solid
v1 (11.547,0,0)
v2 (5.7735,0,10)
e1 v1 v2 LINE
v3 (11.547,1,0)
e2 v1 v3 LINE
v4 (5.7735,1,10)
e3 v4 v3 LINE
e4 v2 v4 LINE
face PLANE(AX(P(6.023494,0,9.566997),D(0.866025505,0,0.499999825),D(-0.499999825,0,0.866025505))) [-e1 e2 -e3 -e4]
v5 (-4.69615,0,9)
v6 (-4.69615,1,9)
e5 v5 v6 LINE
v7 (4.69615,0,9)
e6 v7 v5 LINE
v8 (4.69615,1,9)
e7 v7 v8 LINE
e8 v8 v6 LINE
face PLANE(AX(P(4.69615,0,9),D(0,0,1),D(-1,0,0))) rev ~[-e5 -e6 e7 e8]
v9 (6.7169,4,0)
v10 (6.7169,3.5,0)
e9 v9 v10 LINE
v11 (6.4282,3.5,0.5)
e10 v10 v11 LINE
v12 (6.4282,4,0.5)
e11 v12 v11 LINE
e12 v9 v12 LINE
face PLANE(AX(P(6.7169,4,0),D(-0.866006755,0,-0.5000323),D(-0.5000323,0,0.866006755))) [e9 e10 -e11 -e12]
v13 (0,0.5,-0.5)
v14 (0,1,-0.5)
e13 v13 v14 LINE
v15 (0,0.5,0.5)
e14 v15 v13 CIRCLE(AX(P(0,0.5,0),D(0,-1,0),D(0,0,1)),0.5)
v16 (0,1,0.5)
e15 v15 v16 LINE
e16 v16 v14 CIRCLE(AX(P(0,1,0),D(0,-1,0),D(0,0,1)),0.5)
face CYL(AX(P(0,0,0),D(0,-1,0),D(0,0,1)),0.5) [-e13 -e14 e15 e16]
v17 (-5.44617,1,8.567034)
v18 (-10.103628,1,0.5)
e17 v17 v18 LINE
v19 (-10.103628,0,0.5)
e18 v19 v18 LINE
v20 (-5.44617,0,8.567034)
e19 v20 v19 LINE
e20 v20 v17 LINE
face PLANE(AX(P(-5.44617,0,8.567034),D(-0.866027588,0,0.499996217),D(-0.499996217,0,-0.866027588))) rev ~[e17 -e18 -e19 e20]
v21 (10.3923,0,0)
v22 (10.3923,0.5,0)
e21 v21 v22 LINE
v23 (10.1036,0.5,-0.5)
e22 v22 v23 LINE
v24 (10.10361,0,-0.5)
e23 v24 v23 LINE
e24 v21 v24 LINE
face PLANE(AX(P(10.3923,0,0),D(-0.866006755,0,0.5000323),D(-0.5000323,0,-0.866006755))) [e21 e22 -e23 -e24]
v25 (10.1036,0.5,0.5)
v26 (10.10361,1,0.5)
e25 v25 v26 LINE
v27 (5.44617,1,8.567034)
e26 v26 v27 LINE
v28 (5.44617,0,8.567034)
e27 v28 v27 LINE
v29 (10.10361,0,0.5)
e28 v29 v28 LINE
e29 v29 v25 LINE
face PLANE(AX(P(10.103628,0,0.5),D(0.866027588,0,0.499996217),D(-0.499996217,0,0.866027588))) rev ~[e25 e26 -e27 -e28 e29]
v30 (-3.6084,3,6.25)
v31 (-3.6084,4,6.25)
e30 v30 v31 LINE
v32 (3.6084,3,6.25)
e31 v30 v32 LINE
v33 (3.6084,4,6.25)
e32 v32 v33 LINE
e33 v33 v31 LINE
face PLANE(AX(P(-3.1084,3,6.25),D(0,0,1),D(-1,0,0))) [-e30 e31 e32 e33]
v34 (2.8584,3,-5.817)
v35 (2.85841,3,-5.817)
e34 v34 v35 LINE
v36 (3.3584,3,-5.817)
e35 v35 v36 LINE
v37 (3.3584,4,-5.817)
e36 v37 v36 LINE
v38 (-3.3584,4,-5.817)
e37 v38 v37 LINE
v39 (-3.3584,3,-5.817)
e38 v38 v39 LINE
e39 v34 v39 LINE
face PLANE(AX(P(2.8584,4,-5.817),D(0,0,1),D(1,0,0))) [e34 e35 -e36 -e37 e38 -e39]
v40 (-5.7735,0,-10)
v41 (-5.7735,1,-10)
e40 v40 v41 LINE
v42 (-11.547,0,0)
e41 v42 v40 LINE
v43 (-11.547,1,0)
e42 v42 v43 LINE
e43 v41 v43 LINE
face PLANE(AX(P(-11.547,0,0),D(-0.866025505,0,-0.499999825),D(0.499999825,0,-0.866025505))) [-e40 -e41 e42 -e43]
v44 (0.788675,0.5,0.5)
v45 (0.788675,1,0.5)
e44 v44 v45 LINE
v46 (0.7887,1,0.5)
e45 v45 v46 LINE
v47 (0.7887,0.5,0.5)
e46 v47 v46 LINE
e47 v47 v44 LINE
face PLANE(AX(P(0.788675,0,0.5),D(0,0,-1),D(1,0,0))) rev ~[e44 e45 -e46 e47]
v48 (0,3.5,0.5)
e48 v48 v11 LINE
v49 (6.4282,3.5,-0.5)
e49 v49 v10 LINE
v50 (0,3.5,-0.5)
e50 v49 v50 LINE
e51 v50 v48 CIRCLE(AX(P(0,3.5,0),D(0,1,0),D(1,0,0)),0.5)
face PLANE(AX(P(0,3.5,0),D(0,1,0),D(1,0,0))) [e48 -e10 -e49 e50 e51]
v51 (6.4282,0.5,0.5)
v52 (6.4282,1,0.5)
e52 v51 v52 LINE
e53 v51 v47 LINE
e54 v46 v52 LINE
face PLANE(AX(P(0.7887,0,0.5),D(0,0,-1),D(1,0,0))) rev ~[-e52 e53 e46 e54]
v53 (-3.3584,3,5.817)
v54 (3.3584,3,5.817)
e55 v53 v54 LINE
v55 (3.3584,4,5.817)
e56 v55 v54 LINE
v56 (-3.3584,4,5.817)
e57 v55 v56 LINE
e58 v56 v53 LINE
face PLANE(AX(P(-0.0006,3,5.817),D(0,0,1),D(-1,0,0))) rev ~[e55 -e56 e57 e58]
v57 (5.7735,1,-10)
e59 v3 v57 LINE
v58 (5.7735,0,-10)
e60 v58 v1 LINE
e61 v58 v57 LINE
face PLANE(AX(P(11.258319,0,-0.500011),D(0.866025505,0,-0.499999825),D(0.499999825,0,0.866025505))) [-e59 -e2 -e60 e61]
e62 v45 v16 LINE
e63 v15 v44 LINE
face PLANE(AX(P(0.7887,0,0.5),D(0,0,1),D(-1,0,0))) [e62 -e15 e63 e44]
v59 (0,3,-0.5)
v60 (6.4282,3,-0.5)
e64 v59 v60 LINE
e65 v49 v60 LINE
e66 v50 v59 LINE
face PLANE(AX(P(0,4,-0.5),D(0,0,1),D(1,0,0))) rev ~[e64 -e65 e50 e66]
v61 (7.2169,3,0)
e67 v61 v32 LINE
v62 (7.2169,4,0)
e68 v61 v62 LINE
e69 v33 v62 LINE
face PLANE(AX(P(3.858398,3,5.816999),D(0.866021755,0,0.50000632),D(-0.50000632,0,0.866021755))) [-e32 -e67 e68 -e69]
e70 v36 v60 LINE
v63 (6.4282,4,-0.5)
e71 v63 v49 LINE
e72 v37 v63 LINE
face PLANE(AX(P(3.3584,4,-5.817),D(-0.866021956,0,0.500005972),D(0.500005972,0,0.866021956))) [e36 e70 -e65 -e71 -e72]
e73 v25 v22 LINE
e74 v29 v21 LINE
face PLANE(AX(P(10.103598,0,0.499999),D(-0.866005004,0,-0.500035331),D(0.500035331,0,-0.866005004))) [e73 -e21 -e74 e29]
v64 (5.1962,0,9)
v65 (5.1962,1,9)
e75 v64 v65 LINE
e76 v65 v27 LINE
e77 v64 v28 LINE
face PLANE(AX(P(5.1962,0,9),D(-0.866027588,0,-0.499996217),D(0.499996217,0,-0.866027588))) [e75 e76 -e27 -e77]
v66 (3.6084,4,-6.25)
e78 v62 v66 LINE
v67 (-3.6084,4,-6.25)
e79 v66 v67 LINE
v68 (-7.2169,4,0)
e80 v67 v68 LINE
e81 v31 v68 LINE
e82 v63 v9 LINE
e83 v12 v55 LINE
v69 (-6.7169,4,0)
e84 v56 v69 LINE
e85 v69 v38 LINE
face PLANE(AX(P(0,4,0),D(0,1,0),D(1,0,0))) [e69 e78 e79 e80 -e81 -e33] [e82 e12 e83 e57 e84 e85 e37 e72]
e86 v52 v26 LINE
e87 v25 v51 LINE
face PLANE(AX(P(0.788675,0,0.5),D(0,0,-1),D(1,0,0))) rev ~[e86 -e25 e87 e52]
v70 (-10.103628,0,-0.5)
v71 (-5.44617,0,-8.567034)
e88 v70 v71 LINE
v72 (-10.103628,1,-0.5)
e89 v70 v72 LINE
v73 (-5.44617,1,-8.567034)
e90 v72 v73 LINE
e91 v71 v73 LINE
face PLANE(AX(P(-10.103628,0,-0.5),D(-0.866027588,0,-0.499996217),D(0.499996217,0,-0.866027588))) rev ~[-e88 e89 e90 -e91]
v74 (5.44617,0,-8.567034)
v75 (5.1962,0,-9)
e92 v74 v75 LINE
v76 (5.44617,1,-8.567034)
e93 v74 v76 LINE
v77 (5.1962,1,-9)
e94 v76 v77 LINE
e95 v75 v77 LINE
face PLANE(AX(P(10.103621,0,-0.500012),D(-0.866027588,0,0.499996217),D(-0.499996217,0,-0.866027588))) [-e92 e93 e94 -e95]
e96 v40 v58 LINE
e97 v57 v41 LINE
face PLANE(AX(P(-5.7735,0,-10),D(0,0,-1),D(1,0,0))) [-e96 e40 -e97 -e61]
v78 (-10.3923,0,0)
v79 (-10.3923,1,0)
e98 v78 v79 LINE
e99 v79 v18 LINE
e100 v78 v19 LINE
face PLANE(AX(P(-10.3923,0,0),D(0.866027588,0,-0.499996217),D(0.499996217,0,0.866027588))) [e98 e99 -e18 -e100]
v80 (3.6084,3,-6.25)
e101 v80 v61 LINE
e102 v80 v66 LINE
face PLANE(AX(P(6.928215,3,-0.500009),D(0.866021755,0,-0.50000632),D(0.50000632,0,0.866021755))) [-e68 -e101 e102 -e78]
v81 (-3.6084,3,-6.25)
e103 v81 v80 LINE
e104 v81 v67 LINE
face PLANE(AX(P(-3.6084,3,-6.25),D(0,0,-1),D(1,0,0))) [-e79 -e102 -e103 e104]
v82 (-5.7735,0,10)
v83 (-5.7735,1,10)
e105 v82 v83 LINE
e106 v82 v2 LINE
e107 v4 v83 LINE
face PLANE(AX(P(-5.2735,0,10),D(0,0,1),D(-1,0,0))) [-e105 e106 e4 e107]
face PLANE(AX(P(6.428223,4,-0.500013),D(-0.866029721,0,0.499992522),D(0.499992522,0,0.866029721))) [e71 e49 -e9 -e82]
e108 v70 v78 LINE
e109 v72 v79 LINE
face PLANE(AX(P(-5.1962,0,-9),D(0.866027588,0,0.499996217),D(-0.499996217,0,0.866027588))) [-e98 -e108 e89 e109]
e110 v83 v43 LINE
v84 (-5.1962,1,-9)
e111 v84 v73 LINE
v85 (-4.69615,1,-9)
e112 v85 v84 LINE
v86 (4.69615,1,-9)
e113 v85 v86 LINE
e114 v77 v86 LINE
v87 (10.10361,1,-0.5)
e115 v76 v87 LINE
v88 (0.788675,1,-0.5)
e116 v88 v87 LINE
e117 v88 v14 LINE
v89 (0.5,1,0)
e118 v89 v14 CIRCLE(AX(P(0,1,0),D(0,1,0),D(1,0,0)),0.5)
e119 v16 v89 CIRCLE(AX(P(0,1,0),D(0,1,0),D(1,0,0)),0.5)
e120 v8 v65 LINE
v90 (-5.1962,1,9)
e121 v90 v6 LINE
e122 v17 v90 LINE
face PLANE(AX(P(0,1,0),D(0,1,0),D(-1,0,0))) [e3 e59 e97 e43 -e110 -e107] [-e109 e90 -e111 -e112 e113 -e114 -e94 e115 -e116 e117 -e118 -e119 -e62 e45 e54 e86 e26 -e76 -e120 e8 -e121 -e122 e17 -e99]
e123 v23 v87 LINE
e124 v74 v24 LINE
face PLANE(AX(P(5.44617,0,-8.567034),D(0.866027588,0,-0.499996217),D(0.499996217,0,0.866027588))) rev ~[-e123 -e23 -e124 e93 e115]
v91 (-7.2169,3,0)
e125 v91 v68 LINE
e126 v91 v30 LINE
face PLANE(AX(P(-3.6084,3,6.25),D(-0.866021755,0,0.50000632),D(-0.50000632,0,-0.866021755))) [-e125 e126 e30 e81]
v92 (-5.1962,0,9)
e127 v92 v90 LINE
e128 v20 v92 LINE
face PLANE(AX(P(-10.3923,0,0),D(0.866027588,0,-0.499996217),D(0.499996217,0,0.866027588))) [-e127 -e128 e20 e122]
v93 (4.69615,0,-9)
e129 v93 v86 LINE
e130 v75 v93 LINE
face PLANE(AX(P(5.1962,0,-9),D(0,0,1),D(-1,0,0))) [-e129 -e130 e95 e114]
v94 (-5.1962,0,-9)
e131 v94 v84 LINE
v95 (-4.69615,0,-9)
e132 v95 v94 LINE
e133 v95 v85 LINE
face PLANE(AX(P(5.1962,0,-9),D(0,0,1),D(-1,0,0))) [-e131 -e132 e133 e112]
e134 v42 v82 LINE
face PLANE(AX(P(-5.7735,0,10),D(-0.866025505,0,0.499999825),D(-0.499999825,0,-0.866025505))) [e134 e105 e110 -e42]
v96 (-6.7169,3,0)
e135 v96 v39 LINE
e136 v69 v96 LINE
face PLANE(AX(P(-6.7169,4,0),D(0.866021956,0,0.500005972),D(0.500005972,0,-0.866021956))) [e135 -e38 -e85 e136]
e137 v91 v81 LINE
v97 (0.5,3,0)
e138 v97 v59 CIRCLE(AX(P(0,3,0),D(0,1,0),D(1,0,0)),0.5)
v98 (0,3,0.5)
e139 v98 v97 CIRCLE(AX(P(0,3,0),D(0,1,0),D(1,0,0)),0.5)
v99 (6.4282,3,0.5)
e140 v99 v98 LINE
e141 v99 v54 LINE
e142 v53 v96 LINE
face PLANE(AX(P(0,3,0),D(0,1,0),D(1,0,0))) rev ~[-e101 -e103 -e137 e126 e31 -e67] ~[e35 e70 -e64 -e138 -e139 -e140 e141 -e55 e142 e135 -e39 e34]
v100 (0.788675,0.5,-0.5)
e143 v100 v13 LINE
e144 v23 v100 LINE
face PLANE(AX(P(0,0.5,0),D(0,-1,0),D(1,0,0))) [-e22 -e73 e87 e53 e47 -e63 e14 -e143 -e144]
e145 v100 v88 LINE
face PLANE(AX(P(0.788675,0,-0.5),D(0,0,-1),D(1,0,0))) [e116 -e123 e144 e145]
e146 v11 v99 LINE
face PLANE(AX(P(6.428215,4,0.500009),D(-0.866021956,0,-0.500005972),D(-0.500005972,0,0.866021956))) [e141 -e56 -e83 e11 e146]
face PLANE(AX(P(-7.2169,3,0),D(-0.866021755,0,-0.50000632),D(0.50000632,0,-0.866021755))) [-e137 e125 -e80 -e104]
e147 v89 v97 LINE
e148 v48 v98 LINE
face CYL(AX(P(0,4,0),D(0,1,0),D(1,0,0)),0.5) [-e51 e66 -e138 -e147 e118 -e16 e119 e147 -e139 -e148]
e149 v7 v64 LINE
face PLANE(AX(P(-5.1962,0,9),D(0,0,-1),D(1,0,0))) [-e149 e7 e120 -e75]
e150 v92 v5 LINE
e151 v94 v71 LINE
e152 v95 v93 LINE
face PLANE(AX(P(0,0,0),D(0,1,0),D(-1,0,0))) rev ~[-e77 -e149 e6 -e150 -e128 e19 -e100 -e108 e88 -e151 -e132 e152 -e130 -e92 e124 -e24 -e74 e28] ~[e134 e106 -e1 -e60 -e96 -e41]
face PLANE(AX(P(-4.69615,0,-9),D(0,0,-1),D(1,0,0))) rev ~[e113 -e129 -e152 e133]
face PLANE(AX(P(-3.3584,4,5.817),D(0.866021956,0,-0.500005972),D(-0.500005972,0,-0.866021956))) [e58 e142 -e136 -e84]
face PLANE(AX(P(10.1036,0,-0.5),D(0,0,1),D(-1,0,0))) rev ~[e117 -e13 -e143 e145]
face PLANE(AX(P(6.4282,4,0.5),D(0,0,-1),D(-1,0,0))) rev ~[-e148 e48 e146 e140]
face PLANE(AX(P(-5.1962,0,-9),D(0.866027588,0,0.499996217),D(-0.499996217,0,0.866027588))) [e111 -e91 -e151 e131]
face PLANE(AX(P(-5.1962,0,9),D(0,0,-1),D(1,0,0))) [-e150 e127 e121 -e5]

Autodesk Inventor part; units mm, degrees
ref_plane "YZ Plane" through (0, 0, 0) normal (1, 0, 0) x (0, 1, 0)
ref_plane "XZ Plane" through (0, 0, 0) normal (0, 1, 0) x (-1, 0, 0)
ref_plane "XY Plane" through (0, 0, 0) normal (0, 0, 1) x (1, 0, 0)
sketch "Sketch1" plane through (0, 0, 0) normal (0, 1, 0) x (-1, 0, 0)
  line L0 (5.7735, 10) -> (11.547, 0)
  line L1 (11.547, 0) -> (5.7735, -10)
  line L2 (5.7735, -10) -> (-5.7735, -10)
  line L3 (-5.7735, -10) -> (-11.547, 0)
  line L4 (-11.547, 0) -> (-5.7735, 10)
  line L5 (-5.7735, 10) -> (5.7735, 10)
  line L6 (10.3923, 0) -> (5.1962, -9)
  line L7 (5.1962, -9) -> (-5.1962, -9)
  line L8 (-5.1962, -9) -> (-10.3923, 0)
  line L9 (-10.3923, 0) -> (-5.1962, 9)
  line L10 (-5.1962, 9) -> (5.1962, 9)
  line L11 (5.1962, 9) -> (10.3923, 0)
  line L12 (0, 0.5) -> (11.2583, 0.5)
  line L13 (0, 0) -> (5.7735, 10)
  line L14 (0, 0) -> (-5.7735, 10)
  line L15 (11.547, 0) -> (-11.547, 0)
  line L16 (0, 0.5) -> (-11.2583, 0.5)
  line L17 (-0.5, 0) -> (-6.0235, 9.567)
  line L18 (0.5, 0) -> (-5.2735, 10)
  line L19 (-0.5, 0) -> (5.2735, 10)
  line L20 (-0.5, 0) -> (11.047, 0) construction
  line L21 (0.5, 0) -> (6.0235, 9.567)
  line L22 (0, -0.5) -> (11.2583, -0.5)
  line L23 (0, 0) -> (5.7735, -10)
  line L24 (0, 0) -> (-5.7735, -10)
  line L25 (0, -0.5) -> (-11.2583, -0.5)
  line L26 (-0.5, 0) -> (-6.0235, -9.567)
  line L27 (0.5, 0) -> (-5.2735, -10)
  line L28 (-0.5, 0) -> (5.2735, -10)
  line L29 (0.5, 0) -> (6.0235, -9.567)
  point P0 (-10.1036, 0.5)
  point P1 (-5.4462, 8.567)
  point P2 (-0.7887, 0.5)
  point P3 (10.1036, 0.5)
  point P4 (0.7887, 0.5)
  point P5 (5.4462, 8.567)
  point P6 (4.6962, -9)
  point P7 (-4.6962, -9)
  point P8 (0, -0.866)
  point P9 (-5.4462, -8.567)
  point P10 (-10.1036, -0.5)
  point P11 (-0.7887, -0.5)
  point P12 (10.1036, -0.5)
  point P13 (5.4462, -8.567)
  point P14 (0.7887, -0.5)
  point P15 (-4.6962, 9)
  point P16 (4.6962, 9)
  point P17 (0, 0.866)
  dimension "d0" = 20
  dimension "d1" = 18
  dimension "d2" = 60
extrude "Extrusion1" add sketch "Sketch1" along normal blind 1 contours L13 L10 L19 L5 | L0 L21 L11 L13 | L0 L12 L11 L21 | L19 L10 L18 L5 | L13 L12 L18 L19 L10 | L11 L21 L12 L13 | L0 L15 L11 L12 | L18 L10 L14 L5 | L13 L18 L12 | L12 L21 L18 L13 | L1 L22 L6 L15 | L11 L15 L21 L12 | L14 L9 L17 L4 | L18 L19 L16 L14 L10 | L18 L12 L16 L19 | L18 L13 L14 L19 L16 L12 | L18 L15 L13 | L1 L29 L6 L22 | L6 L22 L29 L15 | L27 L23 L15 | L29 L22 L23 L27 | L17 L9 L16 L4 | L14 L16 L17 L9 | L19 L14 L16 | L15 L19 L14 | L24 L28 L15 | L23 L27 L22 L25 L28 L24 | L1 L23 L6 L29 | L23 L22 L27 | L29 L6 L23 L22 | L16 L9 L15 L4 | L14 L19 L17 L16 | L26 L25 L8 L15 | L15 L9 L16 L17 | L28 L24 L25 L26 | L28 L25 L24 | L2 L28 L7 L23 | L23 L7 L28 L27 L22 | L27 L28 L25 L22 | L15 L8 L25 L3 | L25 L24 L8 L26 | L25 L28 L27 L7 L24 | L2 L27 L7 L28 | L25 L8 L26 L3 | L8 L24 L3 L26 | L7 L27 L2 L24
sketch "Sketch2" plane through (0, 1, 0) normal (0, 1, 0) x (1, 0, 0)
  circle A0 centre (0, 0) radius 0.5
  dimension "d5" = 1
extrude "Extrusion2" add sketch "Sketch2" along normal blind 2
sketch "Sketch3" plane through (0, 3, 0) normal (0, 1, 0) x (1, 0, 0)
  line L0 (-3.6084, -6.25) -> (-7.2169, 0)
  line L1 (-7.2169, 0) -> (-3.6084, 6.25)
  line L2 (-3.6084, 6.25) -> (3.6084, 6.25)
  line L3 (3.6084, 6.25) -> (7.2169, 0)
  line L4 (7.2169, 0) -> (3.6084, -6.25)
  line L5 (3.6084, -6.25) -> (-3.6084, -6.25)
  line L6 (-0.7887, -0.5) -> (-5.4462, -8.567) projected
  line L7 (-3.8584, -5.817) -> (3.1084, 6.25)
  line L8 (-5.4462, 8.567) -> (-0.7887, 0.5) projected
  line L9 (-3.8584, 5.817) -> (3.1084, -6.25)
  line L10 (-0.7887, 0.5) -> (-10.1036, 0.5) projected
  line L11 (-6.9282, 0.5) -> (6.9282, 0.5)
  line L12 (-10.1036, -0.5) -> (-0.7887, -0.5) projected
  line L13 (-6.9282, -0.5) -> (6.9282, -0.5)
  line L14 (0.7887, -0.5) -> (10.1036, -0.5) projected
  line L15 (-4.6962, -9) -> (0, -0.866) projected
  line L16 (-3.1084, -6.25) -> (3.8584, 5.817)
  line L17 (0, 0.866) -> (-4.6962, 9) projected
  line L18 (-3.1084, 6.25) -> (3.8584, -5.817)
  line L19 (-0.0006, -5.817) -> (3.8584, -5.817)
  line L20 (-0.0006, -5.817) -> (-3.8584, -5.817)
  line L21 (3.1084, -6.25) -> (6.9282, 0.5)
  line L22 (-3.1084, -6.25) -> (-6.9282, 0.5)
  line L23 (-7.2169, 0) -> (7.2169, 0)
  line L24 (-0.0006, 5.817) -> (3.8584, 5.817)
  line L25 (-0.0006, 5.817) -> (-3.8584, 5.817)
  line L26 (3.1084, 6.25) -> (6.9282, -0.5)
  line L27 (-3.1084, 6.25) -> (-6.9282, -0.5)
  point P0 (0, 0)
  point P1 (0, 0)
  point P2 (-2.8584, 5.817)
  point P3 (2.8584, 5.817)
  point P4 (-6.3623, 0.5)
  point P5 (-3.6034, 5.3753)
  point P6 (2.8584, -5.817)
  point P7 (-2.8584, -5.817)
  point P8 (-3.6034, -5.3753)
  point P9 (-6.3623, -0.5)
  point P10 (3.6034, -5.3753)
  point P11 (6.3623, -0.5)
  point P12 (6.3623, 0.5)
  point P13 (0.7887, 0.5)
  point P14 (3.6034, 5.3753)
  dimension "d8" = 12.5
extrude "Extrusion3" add sketch "Sketch3" along normal blind 1 contours L0 L20 L22 L5 | L0 L12 L22 L6 | L6 L22 L20 | L15 L20 L19 L9 L5 | L22 L20 L15 | L27 L22 L12 | L0 L23 L27 | L6 L13 L9 L15 L20 L22 | L21 L19 L4 L5 | L9 L19 L21 | L1 L22 L23 | L22 L23 L7 L12 | L27 L10 L9 L23 | L22 L10 L27 | L7 L9 L13 | L9 L16 L13 L18 L21 L19 | L21 L18 L19 | L9 L13 L16 | L1 L8 L27 L10 | L9 L11 L7 | L23 L16 L13 L9 | L7 L11 L18 L23 | L18 L21 L13 L4 | L16 L18 L13 | L25 L27 L8 | L1 L2 L27 L25 | L11 L8 L27 L25 L17 L7 | L7 L18 L11 | L18 L11 L16 | L23 L21 L13 L18 | L16 L11 L26 L23 | L26 L23 L4 | L13 L21 L26 | L27 L17 L25 | L7 L24 L26 L16 L11 L18 | L26 L11 L21 | L21 L3 L23 | L2 L7 L24 L25 L17 | L7 L26 L24 | L26 L16 L3 L11 | L26 L24 L16 | L2 L3 L24 L26
sketch "Sketch4" plane through (0, 4, 0) normal (0, 1, 0) x (1, 0, 0)
  line L0 (-2.8584, 5.817) -> (2.8584, 5.817) projected
  line L1 (3.3584, 5.817) -> (6.7169, 0)
  line L2 (6.7169, 0) -> (3.3584, -5.817)
  line L3 (3.3584, -5.817) -> (-3.3584, -5.817)
  line L4 (-3.3584, -5.817) -> (-6.7169, 0)
  line L5 (-6.7169, 0) -> (-3.3584, 5.817)
  line L6 (-3.3584, 5.817) -> (3.3584, 5.817)
  circle A0 centre (0, 0) radius 0.5 projected
  line L7 (0, 0.5) -> (6.4282, 0.5)
  line L8 (6.4282, -0.5) -> (0, -0.5)
  arc A1 (0, 0.5) -> (0, -0.5) centre (0, 0) ccw
  point P0 (0, 5.817)
extrude "Extrusion4" cut sketch "Sketch4" against normal blind 1 contours L0 L6 L1 L7 A0 L8 L2 L3 L4 L5
sketch "Sketch5" plane through (0, 4, 0) normal (0, 1, 0) x (1, 0, 0)
  line L0 (3.3584, 5.817) -> (6.4282, 0.5) projected
  line L1 (6.2201, 0.8605) -> (6.7169, 0)
  line L2 (0, -0.5) -> (6.4282, -0.5) projected
  line L3 (6.7169, 0) -> (6.4282, -0.5)
  line L4 (6.4282, -0.5) -> (0, -0.5)
  circle A0 centre (0, 0) radius 0.5 projected
  arc A1 (0, 0.5) -> (0, -0.5) centre (0, 0) ccw
  line L5 (0, 0.5) -> (6.2201, 0.8605)
extrude "Extrusion5" cut sketch "Sketch5" against normal blind 0.5
sketch "Sketch6" plane through (0, 0, 0) normal (0, -1, 0) x (1, 0, 0)
  line L0 (10.3923, 0) -> (5.1962, -9)
  line L1 (5.1962, -9) -> (-5.1962, -9)
  line L2 (-5.1962, -9) -> (-10.3923, 0)
  line L3 (-10.3923, 0) -> (-5.1962, 9)
  line L4 (-5.1962, 9) -> (5.1962, 9)
  line L5 (5.1962, 9) -> (10.3923, 0)
  line L6 (10.1036, -0.5) -> (0, -0.5)
  line L7 (0.7887, 0.5) -> (10.1036, 0.5) projected
  line L8 (6.4282, 0.5) -> (0, 0.5) projected
  line L9 (0, -0.5) -> (0, 0.5)
  line L10 (0, 0.5) -> (10.1036, 0.5)
  arc A0 (0, 0.5) -> (0, -0.5) centre (0, 0) ccw projected
  arc A1 (0, 0.5) -> (0, -0.5) centre (0, 0) ccw
  dimension "d15" = 18
extrude "Extrusion6" cut sketch "Sketch6" against normal blind 1 contours L0 L1 L2 L3 L4 L5 L7 L8 A0 L6
sketch "Sketch7" plane through (0, 0, 0) normal (0, -1, 0) x (1, 0, 0)
  line L0 (10.1036, 0.5) -> (5.1962, 9) projected
  line L1 (9.7836, 1.0542) -> (10.3923, 0)
  line L2 (10.3923, 0) -> (10.1036, -0.5)
  line L3 (10.1036, -0.5) -> (0, -0.5)
  arc A0 (0, 0.5) -> (0, -0.5) centre (0, 0) ccw
  line L4 (0, 0.5) -> (9.7836, 1.0542)
  point P0 (0, 0)
extrude "Extrusion7" cut sketch "Sketch7" against normal blind 0.5
sketch "Sketch8" plane through (-7.2169, 3, 0) normal (-0.866, 0, -0.5) x (-0.5, 0, 0.866)
  line L0 (-4.0415, 0.5) -> (-3.1084, 0.5) projected
  circle A0 centre (-3.6084, 0.5) radius 0.5022
  point P0 (-3.6084, -3)
  point P1 (-3.1754, 0.5)
